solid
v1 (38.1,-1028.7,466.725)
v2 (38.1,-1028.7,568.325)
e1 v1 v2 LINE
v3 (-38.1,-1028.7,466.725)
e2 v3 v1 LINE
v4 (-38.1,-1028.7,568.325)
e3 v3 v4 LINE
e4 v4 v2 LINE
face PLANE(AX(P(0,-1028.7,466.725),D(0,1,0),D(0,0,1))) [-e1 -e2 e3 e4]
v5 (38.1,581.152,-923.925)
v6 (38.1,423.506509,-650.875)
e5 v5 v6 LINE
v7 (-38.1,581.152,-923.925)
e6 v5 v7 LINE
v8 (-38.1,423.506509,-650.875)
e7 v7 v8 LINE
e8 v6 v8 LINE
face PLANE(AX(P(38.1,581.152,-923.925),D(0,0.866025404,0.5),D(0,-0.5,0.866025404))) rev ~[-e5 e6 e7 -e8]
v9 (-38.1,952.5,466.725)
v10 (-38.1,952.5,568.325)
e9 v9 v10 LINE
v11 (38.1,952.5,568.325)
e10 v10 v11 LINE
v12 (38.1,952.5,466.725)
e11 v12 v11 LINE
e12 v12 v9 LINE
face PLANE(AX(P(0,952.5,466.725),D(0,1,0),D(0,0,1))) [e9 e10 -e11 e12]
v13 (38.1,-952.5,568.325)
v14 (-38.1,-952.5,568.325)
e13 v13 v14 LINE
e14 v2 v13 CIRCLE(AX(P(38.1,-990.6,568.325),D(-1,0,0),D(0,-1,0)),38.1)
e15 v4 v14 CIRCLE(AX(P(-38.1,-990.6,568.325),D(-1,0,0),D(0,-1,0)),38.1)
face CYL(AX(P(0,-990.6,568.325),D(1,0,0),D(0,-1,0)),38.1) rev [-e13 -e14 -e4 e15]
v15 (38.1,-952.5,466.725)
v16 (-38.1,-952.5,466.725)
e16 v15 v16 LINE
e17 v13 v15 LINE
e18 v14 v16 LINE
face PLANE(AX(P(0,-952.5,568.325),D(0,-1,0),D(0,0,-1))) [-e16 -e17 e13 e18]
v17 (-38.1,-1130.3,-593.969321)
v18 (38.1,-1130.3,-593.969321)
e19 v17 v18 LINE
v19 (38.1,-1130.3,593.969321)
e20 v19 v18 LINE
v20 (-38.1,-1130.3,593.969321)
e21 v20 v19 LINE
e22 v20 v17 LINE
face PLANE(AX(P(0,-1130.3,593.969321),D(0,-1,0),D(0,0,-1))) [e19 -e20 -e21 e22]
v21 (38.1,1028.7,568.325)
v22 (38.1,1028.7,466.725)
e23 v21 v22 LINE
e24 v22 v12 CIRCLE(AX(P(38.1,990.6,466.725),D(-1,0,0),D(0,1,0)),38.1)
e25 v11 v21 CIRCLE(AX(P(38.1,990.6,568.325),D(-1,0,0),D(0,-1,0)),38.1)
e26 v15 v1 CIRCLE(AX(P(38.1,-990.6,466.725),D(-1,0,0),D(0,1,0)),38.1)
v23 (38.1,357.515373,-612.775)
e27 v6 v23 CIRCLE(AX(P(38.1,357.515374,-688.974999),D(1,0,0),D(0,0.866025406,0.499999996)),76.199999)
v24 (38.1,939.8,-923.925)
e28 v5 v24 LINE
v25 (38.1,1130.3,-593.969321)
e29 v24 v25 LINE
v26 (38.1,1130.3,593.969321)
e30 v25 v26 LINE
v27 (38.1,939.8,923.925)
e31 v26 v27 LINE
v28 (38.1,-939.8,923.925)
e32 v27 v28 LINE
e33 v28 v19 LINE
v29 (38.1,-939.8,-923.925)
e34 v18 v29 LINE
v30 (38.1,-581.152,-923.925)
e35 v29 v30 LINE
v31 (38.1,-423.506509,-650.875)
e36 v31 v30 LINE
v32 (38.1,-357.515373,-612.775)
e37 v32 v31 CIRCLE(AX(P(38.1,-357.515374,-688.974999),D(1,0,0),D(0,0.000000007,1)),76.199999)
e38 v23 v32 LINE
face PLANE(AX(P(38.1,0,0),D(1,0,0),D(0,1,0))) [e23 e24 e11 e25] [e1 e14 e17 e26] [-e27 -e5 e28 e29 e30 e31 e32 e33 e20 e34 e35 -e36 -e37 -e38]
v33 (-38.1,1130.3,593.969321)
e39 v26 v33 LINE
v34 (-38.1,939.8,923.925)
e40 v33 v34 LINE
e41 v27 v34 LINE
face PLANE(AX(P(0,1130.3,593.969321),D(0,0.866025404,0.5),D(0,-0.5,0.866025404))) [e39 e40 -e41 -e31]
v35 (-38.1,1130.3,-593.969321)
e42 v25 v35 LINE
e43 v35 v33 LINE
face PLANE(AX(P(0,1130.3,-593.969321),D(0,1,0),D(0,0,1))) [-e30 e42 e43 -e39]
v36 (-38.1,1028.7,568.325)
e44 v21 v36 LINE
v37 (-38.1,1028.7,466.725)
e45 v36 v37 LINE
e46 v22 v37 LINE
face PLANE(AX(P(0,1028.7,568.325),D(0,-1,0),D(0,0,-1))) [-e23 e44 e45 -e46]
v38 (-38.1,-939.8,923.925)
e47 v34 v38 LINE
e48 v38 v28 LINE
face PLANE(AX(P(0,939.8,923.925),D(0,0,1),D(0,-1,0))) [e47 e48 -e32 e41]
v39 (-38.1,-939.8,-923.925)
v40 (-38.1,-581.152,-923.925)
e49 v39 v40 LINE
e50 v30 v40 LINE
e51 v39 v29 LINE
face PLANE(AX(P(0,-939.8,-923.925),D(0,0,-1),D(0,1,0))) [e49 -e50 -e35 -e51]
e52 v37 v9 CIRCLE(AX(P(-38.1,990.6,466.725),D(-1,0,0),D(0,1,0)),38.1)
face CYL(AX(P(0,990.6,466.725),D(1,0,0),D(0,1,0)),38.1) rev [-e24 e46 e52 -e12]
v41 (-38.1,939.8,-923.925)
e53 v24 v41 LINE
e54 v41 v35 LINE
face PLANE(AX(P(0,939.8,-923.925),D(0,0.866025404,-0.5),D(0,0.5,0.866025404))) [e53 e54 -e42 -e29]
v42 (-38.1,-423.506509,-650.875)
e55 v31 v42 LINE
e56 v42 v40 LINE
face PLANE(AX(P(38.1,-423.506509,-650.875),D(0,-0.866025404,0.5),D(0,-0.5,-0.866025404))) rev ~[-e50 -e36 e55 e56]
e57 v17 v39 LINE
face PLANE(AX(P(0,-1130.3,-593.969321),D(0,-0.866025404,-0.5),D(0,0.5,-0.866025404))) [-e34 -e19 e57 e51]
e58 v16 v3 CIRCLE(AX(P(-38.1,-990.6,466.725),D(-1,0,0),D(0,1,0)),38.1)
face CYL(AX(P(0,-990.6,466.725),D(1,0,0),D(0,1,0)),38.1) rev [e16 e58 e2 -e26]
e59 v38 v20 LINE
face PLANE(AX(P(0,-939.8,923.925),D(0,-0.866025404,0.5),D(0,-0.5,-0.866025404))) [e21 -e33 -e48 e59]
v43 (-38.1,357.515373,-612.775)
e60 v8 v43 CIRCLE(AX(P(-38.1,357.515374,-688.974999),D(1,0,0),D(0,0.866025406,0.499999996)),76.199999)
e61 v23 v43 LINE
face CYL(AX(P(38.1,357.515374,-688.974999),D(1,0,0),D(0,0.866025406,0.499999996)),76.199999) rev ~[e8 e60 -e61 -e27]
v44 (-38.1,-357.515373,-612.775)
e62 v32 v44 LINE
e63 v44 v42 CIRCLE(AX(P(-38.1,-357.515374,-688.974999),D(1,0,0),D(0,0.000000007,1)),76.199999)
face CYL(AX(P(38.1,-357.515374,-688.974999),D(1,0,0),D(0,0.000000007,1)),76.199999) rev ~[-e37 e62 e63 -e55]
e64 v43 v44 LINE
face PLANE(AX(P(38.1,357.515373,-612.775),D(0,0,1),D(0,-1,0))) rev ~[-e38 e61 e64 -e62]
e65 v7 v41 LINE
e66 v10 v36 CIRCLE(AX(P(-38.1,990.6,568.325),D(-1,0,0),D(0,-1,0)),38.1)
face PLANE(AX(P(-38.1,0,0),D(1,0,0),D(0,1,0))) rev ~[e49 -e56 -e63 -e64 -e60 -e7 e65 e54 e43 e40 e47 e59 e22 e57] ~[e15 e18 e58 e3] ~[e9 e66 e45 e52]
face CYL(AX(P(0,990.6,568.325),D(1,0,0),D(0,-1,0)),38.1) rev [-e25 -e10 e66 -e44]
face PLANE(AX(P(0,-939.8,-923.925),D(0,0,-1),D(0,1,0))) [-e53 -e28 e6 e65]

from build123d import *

# Parameters (mm, degrees)
F1_DEPTH = 38.1
F3_DEPTH = 76.201


with BuildPart() as f1:
    # F0 (on Right) → F1 (new body, symmetric)
    with BuildSketch(Plane.YZ):
        Polygon((939.8, 923.925), (-939.8, 923.925), (-1130.3, 593.969321), (-1130.3, -593.969321), (-939.8, -923.925), (939.8, -923.925), (1130.3, -593.969321), (1130.3, 593.969321), align=None)
        with BuildLine():
            Line((-1028.7, 466.725), (-1028.7, 568.325))
            ThreePointArc((-1028.7, 568.325), (-990.6, 606.425), (-952.5, 568.325))
            Line((-952.5, 568.325), (-952.5, 466.725))
            ThreePointArc((-952.5, 466.725), (-990.6, 428.625), (-1028.7, 466.725))
        make_face(mode=Mode.SUBTRACT)
        with BuildLine():
            ThreePointArc((952.5, 568.325), (990.6, 606.425), (1028.7, 568.325))
            Line((1028.7, 568.325), (1028.7, 466.725))
            ThreePointArc((1028.7, 466.725), (990.6, 428.625), (952.5, 466.725))
            Line((952.5, 466.725), (952.5, 568.325))
        make_face(mode=Mode.SUBTRACT)
    extrude(amount=F1_DEPTH, both=True)

    # F2 (on face) → F3 (cut, through all)
    with BuildSketch(Plane.YZ.offset(38.1)):
        with BuildLine():
            Line((357.515373, -612.775), (-357.515373, -612.775))
            ThreePointArc((-357.515373, -612.775), (-395.615373, -622.983864), (-423.506509, -650.875))
            Line((-423.506509, -650.875), (-581.152, -923.925))
            Line((-581.152, -923.925), (581.152, -923.925))
            Line((581.152, -923.925), (423.506509, -650.875))
            ThreePointArc((423.506509, -650.875), (395.615373, -622.983864), (357.515373, -612.775))
        make_face()
    extrude(amount=-F3_DEPTH, mode=Mode.SUBTRACT)


solid = f1.part
